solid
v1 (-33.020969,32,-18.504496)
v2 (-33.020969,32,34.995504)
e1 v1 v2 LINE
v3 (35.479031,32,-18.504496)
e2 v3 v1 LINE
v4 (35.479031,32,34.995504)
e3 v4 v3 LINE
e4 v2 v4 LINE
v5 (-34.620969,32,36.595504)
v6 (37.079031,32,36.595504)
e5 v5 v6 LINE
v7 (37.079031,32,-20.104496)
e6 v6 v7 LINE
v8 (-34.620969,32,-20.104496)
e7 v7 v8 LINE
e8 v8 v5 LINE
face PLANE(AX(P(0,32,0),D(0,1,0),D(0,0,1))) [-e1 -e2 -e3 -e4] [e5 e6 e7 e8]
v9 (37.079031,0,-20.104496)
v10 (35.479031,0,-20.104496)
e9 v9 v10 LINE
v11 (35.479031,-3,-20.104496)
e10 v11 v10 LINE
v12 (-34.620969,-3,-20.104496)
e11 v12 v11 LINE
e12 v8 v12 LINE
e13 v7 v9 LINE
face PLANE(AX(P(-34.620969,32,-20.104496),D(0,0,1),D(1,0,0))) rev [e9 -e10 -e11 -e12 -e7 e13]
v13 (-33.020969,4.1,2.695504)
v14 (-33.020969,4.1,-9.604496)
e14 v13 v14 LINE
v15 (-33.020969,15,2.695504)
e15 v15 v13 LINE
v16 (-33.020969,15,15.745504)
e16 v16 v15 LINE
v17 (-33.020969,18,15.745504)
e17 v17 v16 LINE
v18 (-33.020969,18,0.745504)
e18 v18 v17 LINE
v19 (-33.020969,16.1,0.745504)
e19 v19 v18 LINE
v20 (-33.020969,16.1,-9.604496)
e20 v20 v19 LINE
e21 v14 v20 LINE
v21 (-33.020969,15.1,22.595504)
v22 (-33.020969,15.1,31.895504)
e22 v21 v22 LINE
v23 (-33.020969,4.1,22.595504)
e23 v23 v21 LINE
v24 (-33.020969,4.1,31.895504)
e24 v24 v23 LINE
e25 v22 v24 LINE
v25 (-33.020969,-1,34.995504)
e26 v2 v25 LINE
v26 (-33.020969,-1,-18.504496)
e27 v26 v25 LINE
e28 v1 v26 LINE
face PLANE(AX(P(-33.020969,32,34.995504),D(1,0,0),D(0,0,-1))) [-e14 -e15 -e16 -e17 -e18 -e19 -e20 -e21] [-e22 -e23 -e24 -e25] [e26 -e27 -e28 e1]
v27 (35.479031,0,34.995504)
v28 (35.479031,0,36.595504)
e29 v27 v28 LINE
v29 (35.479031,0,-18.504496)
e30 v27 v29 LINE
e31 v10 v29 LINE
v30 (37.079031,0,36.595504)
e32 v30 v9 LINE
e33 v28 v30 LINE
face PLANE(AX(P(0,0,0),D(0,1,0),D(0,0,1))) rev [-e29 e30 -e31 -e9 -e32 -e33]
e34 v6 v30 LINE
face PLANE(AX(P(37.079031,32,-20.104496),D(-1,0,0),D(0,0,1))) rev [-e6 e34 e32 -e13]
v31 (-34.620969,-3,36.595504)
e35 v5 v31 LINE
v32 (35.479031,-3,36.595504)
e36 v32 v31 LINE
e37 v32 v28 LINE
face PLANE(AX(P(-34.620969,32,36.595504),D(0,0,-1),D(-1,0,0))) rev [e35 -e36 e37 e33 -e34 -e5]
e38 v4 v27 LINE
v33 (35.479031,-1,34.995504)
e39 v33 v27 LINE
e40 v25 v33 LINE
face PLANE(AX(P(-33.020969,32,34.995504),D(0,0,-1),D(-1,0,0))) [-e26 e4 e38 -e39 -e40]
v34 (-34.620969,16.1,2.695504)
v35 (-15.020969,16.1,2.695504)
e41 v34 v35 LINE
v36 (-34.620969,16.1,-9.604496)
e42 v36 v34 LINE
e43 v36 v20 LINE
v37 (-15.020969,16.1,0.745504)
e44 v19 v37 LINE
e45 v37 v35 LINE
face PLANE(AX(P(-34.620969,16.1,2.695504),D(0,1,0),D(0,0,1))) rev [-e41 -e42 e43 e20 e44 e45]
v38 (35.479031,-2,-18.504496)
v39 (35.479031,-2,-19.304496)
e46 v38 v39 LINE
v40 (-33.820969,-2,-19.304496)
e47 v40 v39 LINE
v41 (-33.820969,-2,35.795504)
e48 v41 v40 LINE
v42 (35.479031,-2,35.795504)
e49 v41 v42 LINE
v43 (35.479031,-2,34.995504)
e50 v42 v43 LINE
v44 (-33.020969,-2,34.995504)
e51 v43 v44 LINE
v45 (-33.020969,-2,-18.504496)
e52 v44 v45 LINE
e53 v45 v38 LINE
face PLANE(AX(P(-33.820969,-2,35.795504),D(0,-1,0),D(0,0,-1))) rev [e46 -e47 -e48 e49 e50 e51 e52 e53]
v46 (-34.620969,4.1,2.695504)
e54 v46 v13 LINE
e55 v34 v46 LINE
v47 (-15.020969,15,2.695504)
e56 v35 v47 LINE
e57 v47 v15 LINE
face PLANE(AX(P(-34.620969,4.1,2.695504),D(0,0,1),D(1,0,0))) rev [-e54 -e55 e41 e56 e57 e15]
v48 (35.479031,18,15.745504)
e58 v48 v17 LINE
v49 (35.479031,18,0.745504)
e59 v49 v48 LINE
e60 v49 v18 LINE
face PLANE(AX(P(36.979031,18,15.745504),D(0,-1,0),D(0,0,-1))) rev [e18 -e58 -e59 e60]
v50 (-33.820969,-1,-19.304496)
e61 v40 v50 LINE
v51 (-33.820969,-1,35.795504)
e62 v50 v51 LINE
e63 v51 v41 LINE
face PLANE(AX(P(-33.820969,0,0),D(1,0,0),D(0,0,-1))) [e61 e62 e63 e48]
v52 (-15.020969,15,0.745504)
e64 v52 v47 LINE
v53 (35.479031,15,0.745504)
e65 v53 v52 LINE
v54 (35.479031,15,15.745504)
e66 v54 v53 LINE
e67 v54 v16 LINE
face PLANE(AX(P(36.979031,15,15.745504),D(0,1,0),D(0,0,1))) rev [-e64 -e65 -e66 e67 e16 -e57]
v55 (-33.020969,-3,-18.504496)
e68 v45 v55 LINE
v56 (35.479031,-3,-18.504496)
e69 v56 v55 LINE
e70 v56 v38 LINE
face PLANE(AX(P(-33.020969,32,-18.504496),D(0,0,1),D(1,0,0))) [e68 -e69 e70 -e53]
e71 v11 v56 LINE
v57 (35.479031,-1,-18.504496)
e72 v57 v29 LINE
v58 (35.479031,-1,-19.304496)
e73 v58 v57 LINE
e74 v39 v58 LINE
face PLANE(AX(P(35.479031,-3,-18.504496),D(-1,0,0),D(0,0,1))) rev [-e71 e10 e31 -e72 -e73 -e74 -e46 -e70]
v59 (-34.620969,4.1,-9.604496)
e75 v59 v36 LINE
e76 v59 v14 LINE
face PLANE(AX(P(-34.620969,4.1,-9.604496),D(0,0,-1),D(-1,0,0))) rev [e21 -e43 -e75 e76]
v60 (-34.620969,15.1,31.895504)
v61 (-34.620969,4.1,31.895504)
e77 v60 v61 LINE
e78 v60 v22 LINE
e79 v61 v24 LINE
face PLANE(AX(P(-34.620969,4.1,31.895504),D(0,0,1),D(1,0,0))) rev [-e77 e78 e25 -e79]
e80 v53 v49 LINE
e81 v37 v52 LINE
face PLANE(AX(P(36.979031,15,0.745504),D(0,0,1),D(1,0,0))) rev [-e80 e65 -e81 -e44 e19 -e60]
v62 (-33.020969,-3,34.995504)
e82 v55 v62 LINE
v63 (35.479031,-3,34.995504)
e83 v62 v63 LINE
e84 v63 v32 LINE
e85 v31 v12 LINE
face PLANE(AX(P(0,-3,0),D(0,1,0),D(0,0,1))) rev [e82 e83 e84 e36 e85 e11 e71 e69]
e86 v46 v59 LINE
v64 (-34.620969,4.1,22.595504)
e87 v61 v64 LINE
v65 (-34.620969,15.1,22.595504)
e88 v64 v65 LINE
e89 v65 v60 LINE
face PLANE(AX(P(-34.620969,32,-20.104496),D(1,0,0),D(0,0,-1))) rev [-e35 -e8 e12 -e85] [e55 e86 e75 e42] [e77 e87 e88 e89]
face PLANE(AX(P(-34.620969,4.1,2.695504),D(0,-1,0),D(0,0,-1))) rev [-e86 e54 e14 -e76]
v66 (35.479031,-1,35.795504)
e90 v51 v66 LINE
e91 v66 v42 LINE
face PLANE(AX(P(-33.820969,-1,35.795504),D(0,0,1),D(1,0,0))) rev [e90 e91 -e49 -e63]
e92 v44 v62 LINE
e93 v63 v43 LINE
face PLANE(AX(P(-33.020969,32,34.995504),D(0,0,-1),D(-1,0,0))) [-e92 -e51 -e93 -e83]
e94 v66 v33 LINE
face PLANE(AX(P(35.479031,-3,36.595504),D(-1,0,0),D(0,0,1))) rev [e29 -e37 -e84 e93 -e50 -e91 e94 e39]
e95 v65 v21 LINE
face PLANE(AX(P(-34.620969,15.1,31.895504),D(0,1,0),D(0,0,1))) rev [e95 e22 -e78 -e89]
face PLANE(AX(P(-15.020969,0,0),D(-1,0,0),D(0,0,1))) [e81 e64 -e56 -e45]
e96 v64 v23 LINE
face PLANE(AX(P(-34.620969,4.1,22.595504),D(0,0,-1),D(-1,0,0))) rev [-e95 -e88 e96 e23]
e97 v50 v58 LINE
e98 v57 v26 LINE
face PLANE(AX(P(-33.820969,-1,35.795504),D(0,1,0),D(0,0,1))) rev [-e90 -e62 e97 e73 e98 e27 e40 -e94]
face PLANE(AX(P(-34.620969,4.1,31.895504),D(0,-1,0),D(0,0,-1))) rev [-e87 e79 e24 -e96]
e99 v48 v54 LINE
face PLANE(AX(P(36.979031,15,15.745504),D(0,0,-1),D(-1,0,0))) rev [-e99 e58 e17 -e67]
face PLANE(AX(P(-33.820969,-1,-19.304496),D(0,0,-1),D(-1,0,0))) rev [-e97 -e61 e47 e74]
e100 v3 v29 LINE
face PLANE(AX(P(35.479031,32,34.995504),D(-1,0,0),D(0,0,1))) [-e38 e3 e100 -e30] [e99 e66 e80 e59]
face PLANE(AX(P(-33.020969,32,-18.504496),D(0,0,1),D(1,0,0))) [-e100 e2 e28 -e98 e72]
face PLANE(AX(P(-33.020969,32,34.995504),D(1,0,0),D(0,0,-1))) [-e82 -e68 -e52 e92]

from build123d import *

# Parameters (mm, degrees)
SKETCH1_W           = 71.7
SKETCH1_H           = 56.7
SKETCH1_W_2         = 68.5
SKETCH1_H_2         = 53.5
BOSS_EXTRUDE1_DEPTH = 32
SKETCH2_W           = 15
SKETCH2_H           = 3
BOSS_EXTRUDE2_DEPTH = 70
SKETCH3_W           = 12.3
SKETCH3_H           = 12
SKETCH3_W_2         = 9.3
SKETCH3_H_2         = 11
CUT_EXTRUDE1_DEPTH  = 1.6
SKETCH3_2_W         = 12.3
SKETCH3_2_H         = 12
SKETCH3_2_W_2       = 9.3
SKETCH3_2_H_2       = 11
CUT_EXTRUDE2_DEPTH  = 18
BOSS_EXTRUDE3_DEPTH = 3
SKETCH5_W           = 55.1
SKETCH5_H           = 1
CUT_EXTRUDE3_DEPTH  = 69.3


with BuildPart() as part:
    # Sketch1 → Boss-Extrude1 (new body)
    with BuildSketch(Plane(origin=(0, 0, 0), x_dir=(1, 0, 0), z_dir=(0, 1, 0))):
        with Locations((1.229030624, -8.245503616)):
            Rectangle(SKETCH1_W, SKETCH1_H)
        with Locations((1.229030624, -8.245503616)):
            Rectangle(SKETCH1_W_2, SKETCH1_H_2, mode=Mode.SUBTRACT)
    extrude(amount=BOSS_EXTRUDE1_DEPTH)

    # Sketch2 → Boss-Extrude2 (add)
    with BuildSketch(Plane(origin=(-33.020969376, 0, 0), x_dir=(0, 0, -1), z_dir=(1, 0, 0))):
        with Locations((-8.245503616, 16.5)):
            Rectangle(SKETCH2_W, SKETCH2_H)
    extrude(amount=BOSS_EXTRUDE2_DEPTH)

    # Sketch3 → Cut-Extrude1 (cut)
    with BuildSketch(Plane(origin=(-33.020969376, 0, 0), x_dir=(0, 0, -1), z_dir=(1, 0, 0))):
        with Locations((3.454496384, 10.1)):
            Rectangle(SKETCH3_W, SKETCH3_H)
        with Locations((-27.245503616, 9.6)):
            Rectangle(SKETCH3_W_2, SKETCH3_H_2)
    extrude(amount=-CUT_EXTRUDE1_DEPTH, mode=Mode.SUBTRACT)

    # Sketch3<2> → Cut-Extrude2 (cut)
    with BuildSketch(Plane(origin=(-33.020969376, 0, 0), x_dir=(0, 0, -1), z_dir=(1, 0, 0))):
        with Locations((3.454496384, 10.1)):
            Rectangle(SKETCH3_2_W, SKETCH3_2_H)
        with Locations((-27.245503616, 9.6)):
            Rectangle(SKETCH3_2_W_2, SKETCH3_2_H_2)
    extrude(amount=CUT_EXTRUDE2_DEPTH, mode=Mode.SUBTRACT)

    # Sketch4 → Boss-Extrude3 (add)
    with BuildSketch(Plane.XZ):
        Polygon((35.479030624, 36.595503616), (35.479030624, 34.995503616), (-33.020969376, 34.995503616), (-33.020969376, -18.504496384), (35.479030624, -18.504496384), (35.479030624, -20.104496384), (-34.620969376, -20.104496384), (-34.620969376, 36.595503616), align=None)
    extrude(amount=BOSS_EXTRUDE3_DEPTH)

    # Sketch5 → Cut-Extrude3 (cut)
    with BuildSketch(Plane(origin=(35.479030624, 0, 0), x_dir=(0, 0, -1), z_dir=(1, 0, 0))):
        with Locations((-8.245503616, -1.5)):
            Rectangle(SKETCH5_W, SKETCH5_H)
    extrude(amount=-CUT_EXTRUDE3_DEPTH, mode=Mode.SUBTRACT)


solid = part.part
